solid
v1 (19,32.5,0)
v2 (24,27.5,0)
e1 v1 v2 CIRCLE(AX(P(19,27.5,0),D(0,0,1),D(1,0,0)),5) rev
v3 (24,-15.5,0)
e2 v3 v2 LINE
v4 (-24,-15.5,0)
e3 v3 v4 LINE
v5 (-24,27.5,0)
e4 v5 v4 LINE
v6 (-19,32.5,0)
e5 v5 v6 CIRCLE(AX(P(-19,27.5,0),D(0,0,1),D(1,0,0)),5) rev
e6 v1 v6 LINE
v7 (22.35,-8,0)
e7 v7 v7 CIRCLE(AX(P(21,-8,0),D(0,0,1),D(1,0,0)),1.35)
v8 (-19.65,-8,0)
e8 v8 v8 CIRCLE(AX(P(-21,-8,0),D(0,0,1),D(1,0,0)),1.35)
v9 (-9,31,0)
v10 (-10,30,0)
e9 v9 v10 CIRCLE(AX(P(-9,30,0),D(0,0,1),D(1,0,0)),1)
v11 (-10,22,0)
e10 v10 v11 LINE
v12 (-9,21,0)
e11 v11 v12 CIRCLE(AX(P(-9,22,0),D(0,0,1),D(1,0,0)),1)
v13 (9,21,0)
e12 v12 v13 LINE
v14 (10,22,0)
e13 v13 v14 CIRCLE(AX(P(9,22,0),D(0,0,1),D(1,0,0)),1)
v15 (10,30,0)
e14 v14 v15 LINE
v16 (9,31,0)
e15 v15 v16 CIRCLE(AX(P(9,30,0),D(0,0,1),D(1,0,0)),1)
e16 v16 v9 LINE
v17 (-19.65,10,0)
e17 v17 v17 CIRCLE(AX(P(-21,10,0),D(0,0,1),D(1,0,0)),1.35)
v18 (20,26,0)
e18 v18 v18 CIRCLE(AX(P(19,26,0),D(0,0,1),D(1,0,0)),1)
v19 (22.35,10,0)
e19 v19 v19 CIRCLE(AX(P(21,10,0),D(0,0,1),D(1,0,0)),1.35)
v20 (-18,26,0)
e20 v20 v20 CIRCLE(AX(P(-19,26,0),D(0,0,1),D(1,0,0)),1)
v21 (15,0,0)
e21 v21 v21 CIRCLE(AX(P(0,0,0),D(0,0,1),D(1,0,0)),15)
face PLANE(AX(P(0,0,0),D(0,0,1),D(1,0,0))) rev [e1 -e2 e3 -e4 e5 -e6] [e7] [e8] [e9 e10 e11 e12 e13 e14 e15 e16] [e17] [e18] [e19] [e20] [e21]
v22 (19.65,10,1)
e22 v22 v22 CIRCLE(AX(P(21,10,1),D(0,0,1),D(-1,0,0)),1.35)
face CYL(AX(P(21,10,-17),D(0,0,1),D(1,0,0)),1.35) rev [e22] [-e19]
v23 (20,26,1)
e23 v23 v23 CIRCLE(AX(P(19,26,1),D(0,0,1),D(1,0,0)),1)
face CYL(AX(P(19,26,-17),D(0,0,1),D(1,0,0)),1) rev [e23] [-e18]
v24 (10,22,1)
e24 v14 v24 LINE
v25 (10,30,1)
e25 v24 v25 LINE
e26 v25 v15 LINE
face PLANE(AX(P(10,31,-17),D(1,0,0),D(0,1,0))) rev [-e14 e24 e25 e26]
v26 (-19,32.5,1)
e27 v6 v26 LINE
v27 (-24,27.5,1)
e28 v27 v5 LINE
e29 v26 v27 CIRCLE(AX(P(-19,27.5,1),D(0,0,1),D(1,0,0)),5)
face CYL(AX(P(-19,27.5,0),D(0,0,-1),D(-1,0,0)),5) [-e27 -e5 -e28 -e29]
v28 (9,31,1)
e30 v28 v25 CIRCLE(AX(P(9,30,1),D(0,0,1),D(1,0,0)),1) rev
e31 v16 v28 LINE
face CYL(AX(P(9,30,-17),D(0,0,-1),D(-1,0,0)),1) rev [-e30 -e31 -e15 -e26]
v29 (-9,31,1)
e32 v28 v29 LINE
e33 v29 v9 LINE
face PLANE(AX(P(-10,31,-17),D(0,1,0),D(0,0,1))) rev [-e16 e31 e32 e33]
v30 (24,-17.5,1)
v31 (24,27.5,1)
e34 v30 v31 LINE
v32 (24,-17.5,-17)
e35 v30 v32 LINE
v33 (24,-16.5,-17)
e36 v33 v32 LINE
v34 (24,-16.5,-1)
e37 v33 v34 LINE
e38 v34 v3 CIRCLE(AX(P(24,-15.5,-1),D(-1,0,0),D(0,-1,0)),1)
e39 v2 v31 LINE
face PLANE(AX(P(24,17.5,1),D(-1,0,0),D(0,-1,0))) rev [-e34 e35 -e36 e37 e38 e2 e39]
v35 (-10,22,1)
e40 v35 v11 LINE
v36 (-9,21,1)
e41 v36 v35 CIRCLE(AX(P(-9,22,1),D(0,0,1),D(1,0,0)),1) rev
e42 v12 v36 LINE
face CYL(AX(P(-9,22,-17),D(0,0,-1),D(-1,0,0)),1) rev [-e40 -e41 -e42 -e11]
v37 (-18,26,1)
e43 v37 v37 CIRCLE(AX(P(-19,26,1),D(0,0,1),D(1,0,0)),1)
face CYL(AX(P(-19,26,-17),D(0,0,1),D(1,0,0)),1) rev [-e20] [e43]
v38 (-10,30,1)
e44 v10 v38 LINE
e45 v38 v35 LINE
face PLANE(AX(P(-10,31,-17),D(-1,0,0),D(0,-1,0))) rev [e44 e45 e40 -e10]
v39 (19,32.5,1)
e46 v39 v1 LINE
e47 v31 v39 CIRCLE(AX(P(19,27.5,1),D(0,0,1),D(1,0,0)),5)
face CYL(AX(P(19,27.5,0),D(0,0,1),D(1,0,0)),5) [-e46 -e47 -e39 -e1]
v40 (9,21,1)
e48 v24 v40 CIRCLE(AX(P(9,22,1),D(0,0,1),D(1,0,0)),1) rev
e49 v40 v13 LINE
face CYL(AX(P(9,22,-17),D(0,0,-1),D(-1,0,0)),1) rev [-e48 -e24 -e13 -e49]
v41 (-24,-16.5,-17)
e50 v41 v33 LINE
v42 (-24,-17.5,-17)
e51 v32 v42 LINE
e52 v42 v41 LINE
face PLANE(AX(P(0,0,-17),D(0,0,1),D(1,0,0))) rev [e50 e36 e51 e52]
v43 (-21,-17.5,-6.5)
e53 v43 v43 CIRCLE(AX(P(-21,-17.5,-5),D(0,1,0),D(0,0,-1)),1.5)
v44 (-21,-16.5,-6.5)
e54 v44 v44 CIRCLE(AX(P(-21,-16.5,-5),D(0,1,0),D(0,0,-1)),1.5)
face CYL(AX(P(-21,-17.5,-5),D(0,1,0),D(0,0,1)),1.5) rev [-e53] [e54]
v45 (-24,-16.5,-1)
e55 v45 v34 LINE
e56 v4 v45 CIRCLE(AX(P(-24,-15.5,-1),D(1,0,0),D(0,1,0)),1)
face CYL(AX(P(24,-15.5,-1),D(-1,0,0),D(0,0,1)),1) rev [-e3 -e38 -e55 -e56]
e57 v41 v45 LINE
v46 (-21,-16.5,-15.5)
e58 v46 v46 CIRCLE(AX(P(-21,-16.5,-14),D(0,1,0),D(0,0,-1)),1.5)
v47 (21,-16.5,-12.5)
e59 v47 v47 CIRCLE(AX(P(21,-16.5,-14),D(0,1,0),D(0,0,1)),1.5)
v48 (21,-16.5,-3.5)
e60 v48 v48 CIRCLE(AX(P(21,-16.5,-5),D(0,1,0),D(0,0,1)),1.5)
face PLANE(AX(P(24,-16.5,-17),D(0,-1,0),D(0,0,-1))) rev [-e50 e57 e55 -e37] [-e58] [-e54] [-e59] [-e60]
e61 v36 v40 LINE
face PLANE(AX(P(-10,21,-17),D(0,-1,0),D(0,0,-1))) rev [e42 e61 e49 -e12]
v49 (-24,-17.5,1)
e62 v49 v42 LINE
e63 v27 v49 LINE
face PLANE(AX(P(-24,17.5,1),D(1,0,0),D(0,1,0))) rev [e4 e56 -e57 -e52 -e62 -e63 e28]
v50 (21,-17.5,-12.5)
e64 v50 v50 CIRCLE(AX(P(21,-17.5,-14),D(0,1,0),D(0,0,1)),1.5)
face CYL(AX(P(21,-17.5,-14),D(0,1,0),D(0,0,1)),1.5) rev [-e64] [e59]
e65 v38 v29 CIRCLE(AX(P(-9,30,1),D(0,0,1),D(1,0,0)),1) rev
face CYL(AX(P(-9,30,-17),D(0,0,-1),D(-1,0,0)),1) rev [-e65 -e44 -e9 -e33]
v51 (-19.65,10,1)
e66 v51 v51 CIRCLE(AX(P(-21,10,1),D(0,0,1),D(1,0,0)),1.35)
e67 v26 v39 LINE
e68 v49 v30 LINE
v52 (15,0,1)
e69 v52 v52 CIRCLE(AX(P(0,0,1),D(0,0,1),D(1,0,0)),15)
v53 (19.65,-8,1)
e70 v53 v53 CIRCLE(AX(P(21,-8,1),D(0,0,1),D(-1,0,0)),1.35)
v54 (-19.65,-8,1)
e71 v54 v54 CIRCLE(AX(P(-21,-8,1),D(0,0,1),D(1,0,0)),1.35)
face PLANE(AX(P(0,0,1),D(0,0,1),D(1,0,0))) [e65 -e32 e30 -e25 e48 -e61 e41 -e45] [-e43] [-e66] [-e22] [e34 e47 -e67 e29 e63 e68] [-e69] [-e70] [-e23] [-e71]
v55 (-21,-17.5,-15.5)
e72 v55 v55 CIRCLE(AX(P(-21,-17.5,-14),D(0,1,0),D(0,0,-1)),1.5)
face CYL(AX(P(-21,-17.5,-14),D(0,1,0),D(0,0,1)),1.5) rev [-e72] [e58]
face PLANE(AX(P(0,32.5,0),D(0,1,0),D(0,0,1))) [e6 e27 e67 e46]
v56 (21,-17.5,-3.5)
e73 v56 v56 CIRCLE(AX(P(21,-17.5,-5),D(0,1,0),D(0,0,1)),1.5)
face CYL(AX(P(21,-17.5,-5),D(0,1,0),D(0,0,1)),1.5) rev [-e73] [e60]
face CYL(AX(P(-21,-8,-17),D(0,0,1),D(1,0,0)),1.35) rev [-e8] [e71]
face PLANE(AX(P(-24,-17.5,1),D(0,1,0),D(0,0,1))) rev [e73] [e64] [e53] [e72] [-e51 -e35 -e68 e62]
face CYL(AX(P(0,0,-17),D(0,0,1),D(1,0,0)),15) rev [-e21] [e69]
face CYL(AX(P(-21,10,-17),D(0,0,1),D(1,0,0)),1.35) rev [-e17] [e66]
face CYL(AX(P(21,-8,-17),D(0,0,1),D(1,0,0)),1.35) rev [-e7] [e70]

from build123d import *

# Parameters (mm, degrees)
SKETCH1_W           = 48
SKETCH1_H           = 35
BOSS_EXTRUDE1_DEPTH = 1
SKETCH2_W           = 48
SKETCH2_H           = 1
BOSS_EXTRUDE2_DEPTH = 17
FILLET1_R           = 1
SKETCH3_R           = 1.35
SKETCH3_R_2         = 15
CUT_EXTRUDE1_DEPTH  = 35.731109974
SKETCH4_W           = 48
SKETCH4_H           = 1
BOSS_EXTRUDE3_DEPTH = 15
SKETCH5_R           = 1
SKETCH5_W           = 20
SKETCH5_H           = 10
CUT_EXTRUDE2_DEPTH  = 45.229515032
FILLET2_R           = 1
SKETCH6_R           = 1.5
CUT_EXTRUDE3_DEPTH  = 58.148928249
FILLET3_R           = 5


with BuildPart() as part:
    # Sketch1 → Boss-Extrude1 (new body)
    with BuildSketch(Plane.XY):
        Rectangle(SKETCH1_W, SKETCH1_H)
    extrude(amount=BOSS_EXTRUDE1_DEPTH)

    # Sketch2 → Boss-Extrude2 (add)
    with BuildSketch(Plane(origin=(0, 0, 0), x_dir=(-1, 0, 0), z_dir=(0, 0, -1))):
        with Locations((0, -17)):
            Rectangle(SKETCH2_W, SKETCH2_H)
    extrude(amount=BOSS_EXTRUDE2_DEPTH)

    # Fillet1
    fillet1_edges = [part.edges().sort_by_distance(p)[0] for p in [
        (0, -16.5, 0),
    ]]
    fillet(fillet1_edges, radius=FILLET1_R)

    # Sketch3 → Cut-Extrude1 (cut, through all)
    with BuildSketch(Plane.XY.offset(1)):
        with Locations((-21, 10)):
            Circle(SKETCH3_R)
        Circle(SKETCH3_R_2)
        with Locations((-21, -8)):
            Circle(SKETCH3_R)
        with Locations((21, -8)):
            Circle(SKETCH3_R)
        with Locations((21, 10)):
            Circle(SKETCH3_R)
    extrude(amount=-CUT_EXTRUDE1_DEPTH, mode=Mode.SUBTRACT)

    # Sketch4 → Boss-Extrude3 (add)
    with BuildSketch(Plane(origin=(0, 17.5, 0), x_dir=(1, 0, 0), z_dir=(0, 1, 0))):
        with Locations((0, -0.5)):
            Rectangle(SKETCH4_W, SKETCH4_H)
    extrude(amount=BOSS_EXTRUDE3_DEPTH)

    # Sketch5 → Cut-Extrude2 (cut, through all)
    with BuildSketch(Plane.XY.offset(1)):
        with Locations((-19, 26)):
            Circle(SKETCH5_R)
        with Locations((19, 26)):
            Circle(SKETCH5_R)
        with Locations((0, 26)):
            Rectangle(SKETCH5_W, SKETCH5_H)
    extrude(amount=-CUT_EXTRUDE2_DEPTH, mode=Mode.SUBTRACT)

    # Fillet2
    fillet2_edges = [part.edges().sort_by_distance(p)[0] for p in [
        (10, 31, 0.5),
        (10, 21, 0.5),
        (-10, 21, 0.5),
        (-10, 31, 0.5),
    ]]
    fillet(fillet2_edges, radius=FILLET2_R)

    # Sketch6 → Cut-Extrude3 (cut, through all)
    with BuildSketch(Plane(origin=(0, -16.5, 0), x_dir=(1, 0, 0), z_dir=(0, 1, 0))):
        with Locations(Location((21, 5, 0), (0, 0, 270))):
            Circle(SKETCH6_R)
        with Locations(Location((21, 14, 0), (0, 0, 270))):
            Circle(SKETCH6_R)
        with Locations(Location((-21, 5, 0), (0, 0, 90))):
            Circle(SKETCH6_R)
        with Locations(Location((-21, 14, 0), (0, 0, 90))):
            Circle(SKETCH6_R)
    extrude(amount=-CUT_EXTRUDE3_DEPTH, mode=Mode.SUBTRACT)

    # Fillet3
    fillet3_edges = [part.edges().sort_by_distance(p)[0] for p in [
        (24, 32.5, 0.5),
        (-24, 32.5, 0.5),
    ]]
    fillet(fillet3_edges, radius=FILLET3_R)


solid = part.part
